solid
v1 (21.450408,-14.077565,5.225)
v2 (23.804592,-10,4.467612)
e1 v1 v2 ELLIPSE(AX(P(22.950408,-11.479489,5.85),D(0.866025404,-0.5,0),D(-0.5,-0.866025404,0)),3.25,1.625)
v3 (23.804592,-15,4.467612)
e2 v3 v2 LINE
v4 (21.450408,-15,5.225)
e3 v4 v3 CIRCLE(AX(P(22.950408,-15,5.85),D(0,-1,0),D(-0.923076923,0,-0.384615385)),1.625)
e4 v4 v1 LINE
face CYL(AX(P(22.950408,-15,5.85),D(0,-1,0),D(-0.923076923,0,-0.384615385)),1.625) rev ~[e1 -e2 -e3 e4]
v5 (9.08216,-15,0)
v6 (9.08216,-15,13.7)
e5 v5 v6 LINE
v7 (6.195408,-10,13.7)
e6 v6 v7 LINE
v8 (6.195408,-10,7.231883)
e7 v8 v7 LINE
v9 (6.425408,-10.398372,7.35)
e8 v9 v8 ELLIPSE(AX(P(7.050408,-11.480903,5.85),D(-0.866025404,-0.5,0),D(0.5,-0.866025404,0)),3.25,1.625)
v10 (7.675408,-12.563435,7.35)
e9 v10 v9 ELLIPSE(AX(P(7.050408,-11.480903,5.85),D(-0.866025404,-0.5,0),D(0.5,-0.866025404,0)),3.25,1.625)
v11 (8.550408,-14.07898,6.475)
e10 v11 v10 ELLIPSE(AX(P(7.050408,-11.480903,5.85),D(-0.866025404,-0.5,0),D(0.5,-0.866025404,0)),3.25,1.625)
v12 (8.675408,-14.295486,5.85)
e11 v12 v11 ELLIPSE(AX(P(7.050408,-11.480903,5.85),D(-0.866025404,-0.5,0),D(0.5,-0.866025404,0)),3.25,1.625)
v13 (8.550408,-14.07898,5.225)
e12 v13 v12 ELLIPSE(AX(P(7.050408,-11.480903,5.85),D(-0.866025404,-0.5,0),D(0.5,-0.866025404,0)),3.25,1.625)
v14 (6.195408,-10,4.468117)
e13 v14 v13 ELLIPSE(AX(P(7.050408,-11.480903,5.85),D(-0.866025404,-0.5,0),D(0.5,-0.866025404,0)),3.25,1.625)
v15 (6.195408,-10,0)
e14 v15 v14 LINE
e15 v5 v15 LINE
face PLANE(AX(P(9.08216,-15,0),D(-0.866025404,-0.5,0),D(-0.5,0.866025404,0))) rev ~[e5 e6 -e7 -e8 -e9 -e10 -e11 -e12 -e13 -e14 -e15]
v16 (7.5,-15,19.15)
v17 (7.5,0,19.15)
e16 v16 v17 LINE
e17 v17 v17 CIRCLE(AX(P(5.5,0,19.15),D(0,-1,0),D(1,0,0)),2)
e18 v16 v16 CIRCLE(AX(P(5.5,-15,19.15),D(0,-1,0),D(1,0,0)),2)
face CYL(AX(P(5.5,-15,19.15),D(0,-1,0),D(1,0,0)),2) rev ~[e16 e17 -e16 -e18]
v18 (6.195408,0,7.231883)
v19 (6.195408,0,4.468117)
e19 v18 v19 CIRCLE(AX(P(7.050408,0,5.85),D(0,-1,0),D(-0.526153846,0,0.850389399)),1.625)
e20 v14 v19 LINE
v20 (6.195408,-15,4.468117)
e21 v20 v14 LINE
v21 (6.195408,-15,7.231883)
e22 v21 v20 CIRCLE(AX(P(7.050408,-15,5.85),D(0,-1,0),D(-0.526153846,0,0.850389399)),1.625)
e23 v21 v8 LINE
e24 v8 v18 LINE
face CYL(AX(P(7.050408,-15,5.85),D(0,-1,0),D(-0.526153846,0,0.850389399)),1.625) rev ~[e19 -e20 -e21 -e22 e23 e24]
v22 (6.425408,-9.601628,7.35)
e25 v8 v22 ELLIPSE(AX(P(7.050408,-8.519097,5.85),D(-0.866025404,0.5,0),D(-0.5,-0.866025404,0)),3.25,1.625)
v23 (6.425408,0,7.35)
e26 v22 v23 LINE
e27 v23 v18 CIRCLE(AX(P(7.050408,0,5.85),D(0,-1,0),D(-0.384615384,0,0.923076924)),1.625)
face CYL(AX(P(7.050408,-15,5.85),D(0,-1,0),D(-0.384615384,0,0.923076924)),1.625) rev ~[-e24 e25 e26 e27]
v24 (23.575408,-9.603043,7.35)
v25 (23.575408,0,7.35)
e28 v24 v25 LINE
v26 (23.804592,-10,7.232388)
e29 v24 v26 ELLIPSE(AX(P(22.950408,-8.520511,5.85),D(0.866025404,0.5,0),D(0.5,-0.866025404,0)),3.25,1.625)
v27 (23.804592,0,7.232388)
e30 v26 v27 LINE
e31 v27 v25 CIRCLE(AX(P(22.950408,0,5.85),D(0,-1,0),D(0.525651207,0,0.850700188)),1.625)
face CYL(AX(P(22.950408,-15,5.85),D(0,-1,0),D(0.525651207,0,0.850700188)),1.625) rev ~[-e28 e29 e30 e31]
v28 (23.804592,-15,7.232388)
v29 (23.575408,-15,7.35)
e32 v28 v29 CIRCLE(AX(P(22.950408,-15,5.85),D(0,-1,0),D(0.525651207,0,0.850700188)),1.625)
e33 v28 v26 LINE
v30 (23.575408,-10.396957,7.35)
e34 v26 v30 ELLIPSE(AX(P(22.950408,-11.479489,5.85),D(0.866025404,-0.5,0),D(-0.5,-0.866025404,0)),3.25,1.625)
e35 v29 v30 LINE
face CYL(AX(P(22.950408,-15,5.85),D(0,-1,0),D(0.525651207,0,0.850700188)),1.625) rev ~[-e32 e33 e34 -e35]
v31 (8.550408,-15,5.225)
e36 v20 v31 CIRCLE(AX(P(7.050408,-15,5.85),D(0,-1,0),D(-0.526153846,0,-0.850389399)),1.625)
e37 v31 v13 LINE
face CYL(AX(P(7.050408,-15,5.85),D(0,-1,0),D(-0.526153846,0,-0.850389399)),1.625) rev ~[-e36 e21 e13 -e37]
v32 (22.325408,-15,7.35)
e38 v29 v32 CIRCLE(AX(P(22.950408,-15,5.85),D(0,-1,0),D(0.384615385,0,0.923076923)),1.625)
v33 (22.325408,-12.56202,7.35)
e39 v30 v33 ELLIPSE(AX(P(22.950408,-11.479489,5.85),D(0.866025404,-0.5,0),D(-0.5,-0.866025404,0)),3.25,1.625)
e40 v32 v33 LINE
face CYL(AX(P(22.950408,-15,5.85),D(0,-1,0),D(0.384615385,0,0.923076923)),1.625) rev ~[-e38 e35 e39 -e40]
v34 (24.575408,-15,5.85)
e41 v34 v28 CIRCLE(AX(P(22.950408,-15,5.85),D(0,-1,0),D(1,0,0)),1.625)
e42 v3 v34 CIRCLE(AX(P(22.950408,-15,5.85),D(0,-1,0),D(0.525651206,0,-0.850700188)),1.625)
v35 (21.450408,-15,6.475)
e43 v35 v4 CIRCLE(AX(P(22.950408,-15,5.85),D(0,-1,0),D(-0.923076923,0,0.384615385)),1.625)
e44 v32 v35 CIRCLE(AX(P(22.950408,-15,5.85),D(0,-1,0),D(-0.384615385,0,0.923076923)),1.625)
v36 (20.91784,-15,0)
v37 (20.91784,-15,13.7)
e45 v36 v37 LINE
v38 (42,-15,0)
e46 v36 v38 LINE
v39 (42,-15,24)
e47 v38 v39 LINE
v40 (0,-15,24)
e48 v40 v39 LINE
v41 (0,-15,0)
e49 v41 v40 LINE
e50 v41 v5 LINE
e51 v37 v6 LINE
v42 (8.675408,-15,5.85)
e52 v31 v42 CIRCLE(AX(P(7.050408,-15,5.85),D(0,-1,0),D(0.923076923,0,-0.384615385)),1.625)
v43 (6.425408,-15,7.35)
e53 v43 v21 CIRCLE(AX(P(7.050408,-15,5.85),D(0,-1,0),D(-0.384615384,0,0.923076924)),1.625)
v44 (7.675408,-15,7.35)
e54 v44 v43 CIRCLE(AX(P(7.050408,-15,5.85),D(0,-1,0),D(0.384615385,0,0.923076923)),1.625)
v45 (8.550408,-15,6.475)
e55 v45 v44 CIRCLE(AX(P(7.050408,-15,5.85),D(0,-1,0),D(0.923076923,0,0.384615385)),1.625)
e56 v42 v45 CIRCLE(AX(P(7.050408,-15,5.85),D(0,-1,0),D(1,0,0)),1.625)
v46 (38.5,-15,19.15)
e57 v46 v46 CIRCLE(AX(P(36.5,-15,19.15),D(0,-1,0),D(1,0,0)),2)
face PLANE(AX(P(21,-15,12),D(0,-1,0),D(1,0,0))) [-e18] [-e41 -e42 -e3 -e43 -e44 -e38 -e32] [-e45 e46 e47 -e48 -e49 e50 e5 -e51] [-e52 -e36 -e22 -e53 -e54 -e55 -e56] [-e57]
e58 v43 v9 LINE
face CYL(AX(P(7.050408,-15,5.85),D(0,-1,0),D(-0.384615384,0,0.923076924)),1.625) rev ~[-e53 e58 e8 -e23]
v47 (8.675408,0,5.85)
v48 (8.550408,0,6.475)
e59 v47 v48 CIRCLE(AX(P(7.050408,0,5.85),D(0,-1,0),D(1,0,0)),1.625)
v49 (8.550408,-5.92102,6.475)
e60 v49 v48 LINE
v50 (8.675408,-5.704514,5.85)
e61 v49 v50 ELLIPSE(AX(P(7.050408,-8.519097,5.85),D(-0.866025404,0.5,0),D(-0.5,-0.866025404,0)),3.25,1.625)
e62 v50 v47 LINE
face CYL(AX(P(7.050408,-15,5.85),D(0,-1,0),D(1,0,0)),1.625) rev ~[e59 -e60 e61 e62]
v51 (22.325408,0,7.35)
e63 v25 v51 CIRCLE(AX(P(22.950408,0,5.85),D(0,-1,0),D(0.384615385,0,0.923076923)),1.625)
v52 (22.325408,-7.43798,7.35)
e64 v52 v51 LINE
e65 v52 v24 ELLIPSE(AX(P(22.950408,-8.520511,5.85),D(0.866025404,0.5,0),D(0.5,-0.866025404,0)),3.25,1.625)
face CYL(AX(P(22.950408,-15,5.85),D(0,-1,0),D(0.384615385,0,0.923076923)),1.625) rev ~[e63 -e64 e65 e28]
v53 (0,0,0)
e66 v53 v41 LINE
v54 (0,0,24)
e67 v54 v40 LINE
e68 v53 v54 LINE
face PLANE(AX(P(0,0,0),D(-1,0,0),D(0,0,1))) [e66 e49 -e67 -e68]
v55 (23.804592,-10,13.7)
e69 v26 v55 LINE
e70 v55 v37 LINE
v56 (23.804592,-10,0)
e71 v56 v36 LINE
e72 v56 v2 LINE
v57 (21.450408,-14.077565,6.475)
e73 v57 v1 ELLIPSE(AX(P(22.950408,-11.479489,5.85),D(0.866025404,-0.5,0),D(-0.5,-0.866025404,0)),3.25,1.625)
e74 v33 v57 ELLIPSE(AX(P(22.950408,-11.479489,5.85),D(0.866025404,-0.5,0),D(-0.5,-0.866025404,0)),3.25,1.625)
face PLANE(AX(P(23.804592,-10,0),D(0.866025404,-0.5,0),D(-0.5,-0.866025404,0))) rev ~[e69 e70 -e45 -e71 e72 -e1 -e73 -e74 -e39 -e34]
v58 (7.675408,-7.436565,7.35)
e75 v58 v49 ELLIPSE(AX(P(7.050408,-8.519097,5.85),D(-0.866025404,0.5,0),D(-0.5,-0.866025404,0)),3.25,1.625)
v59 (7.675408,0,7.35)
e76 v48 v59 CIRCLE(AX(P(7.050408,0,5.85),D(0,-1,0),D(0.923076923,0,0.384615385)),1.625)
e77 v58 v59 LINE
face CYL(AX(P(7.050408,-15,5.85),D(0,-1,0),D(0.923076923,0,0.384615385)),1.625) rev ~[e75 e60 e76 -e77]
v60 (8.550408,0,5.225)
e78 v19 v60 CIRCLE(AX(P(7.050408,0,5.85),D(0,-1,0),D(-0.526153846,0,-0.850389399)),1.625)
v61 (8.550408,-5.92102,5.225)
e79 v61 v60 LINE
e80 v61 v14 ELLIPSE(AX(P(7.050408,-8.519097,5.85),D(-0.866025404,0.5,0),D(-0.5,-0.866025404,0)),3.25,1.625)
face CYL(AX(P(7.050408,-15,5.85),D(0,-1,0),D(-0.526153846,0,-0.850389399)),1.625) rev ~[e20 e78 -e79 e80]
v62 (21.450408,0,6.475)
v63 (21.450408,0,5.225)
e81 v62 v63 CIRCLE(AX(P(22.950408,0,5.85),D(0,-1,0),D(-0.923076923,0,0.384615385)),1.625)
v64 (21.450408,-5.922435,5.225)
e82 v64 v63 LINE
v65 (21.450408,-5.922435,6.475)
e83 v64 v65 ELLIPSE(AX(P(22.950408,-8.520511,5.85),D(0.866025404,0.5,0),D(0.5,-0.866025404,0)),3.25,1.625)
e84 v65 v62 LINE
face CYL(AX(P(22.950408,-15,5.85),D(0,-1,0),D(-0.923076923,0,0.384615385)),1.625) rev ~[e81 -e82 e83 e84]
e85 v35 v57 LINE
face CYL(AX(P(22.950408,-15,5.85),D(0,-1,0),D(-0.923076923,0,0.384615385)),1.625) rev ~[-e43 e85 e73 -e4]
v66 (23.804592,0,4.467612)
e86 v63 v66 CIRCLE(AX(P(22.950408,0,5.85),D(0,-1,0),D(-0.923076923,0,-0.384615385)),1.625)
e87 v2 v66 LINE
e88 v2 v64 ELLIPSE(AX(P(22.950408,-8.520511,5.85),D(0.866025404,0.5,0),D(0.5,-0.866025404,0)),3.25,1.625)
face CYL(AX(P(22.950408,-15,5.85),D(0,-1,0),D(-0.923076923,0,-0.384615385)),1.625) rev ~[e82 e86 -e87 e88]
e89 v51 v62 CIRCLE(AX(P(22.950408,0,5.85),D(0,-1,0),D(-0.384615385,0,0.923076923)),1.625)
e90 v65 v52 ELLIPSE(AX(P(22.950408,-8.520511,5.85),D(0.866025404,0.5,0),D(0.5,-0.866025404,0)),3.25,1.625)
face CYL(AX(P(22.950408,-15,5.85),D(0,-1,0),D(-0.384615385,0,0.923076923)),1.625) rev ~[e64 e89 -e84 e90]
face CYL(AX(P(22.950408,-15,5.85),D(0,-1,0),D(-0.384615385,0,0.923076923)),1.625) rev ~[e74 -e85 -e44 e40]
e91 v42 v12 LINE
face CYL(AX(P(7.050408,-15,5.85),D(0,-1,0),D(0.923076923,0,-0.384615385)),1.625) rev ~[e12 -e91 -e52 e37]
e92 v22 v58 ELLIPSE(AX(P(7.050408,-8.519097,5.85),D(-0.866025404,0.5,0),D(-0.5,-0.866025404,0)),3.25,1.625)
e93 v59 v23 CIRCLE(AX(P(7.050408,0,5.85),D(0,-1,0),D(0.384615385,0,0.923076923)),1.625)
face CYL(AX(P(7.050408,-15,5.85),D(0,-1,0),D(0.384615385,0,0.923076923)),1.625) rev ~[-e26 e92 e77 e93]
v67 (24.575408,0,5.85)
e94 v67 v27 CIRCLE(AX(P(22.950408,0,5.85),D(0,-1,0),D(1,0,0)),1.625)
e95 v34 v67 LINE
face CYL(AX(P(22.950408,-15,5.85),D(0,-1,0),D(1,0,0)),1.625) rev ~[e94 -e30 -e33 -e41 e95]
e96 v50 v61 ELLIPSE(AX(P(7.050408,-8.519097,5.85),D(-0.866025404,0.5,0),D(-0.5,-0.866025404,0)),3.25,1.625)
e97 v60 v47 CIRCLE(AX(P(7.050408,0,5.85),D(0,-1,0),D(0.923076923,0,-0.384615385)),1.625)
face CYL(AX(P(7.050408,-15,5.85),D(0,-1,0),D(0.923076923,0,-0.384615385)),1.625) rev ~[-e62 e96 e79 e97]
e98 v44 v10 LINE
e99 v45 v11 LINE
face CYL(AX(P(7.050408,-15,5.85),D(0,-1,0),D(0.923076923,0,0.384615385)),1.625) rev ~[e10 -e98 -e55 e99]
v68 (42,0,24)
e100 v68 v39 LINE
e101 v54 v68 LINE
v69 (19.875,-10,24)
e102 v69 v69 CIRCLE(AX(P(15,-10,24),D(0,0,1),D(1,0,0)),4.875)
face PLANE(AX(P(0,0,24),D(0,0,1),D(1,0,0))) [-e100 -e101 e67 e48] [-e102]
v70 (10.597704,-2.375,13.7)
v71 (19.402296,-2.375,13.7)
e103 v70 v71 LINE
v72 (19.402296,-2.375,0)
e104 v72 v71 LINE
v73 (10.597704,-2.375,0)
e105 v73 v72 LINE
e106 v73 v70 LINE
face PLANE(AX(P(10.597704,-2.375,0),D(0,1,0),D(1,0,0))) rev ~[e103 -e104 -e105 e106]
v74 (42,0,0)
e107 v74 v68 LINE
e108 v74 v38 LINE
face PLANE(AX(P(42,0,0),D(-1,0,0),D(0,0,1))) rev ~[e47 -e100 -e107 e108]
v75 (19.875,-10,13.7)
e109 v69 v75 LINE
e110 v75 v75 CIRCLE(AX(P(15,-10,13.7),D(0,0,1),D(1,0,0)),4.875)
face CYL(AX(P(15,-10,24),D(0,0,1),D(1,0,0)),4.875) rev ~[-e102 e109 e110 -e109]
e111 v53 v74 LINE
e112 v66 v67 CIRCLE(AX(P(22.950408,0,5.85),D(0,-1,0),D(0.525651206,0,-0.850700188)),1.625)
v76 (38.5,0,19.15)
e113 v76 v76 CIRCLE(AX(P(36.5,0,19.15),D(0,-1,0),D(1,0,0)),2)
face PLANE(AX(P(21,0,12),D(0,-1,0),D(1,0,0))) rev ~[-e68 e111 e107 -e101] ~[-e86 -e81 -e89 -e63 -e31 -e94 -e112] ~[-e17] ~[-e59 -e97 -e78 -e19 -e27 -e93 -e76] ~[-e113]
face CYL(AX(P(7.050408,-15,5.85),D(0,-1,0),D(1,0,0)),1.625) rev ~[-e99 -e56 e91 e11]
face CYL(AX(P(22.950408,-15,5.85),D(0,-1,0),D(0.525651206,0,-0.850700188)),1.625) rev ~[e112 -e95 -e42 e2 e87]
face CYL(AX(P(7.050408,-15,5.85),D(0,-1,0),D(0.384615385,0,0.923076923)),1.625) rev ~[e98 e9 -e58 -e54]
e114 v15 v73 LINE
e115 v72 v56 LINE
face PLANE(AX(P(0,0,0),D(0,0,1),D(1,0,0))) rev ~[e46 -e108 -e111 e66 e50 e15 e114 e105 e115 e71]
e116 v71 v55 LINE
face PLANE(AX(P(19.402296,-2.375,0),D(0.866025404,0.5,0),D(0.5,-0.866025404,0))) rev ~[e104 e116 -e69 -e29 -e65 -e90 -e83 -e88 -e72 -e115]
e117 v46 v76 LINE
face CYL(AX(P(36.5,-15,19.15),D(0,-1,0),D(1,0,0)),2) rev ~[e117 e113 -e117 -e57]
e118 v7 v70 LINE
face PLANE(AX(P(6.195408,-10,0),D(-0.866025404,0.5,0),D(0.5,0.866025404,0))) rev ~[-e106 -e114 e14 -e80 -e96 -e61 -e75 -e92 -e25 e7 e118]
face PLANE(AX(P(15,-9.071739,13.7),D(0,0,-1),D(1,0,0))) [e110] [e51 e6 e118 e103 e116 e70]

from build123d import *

# Parameters (mm, degrees)
F0_W     = 42
F0_H     = 24
F1_DEPTH = 15
F2_R     = 2
F3_DEPTH = 25
F4_R     = 4.875
F5_DEPTH = 10.3
F6_R     = 4.875
F7_DEPTH = 13.7
F9_DEPTH = 25


with BuildPart() as f1:
    # F0 (on Front) → F1 (new body)
    with BuildSketch(Plane.XZ):
        with Locations((21, 12)):
            Rectangle(F0_W, F0_H)
    extrude(amount=F1_DEPTH)

    # F2 (on face) → F3 (cut)
    with BuildSketch(Plane.XZ.offset(15)):
        with Locations((5.5, 19.15)):
            Circle(F2_R)
        with Locations((36.5, 19.15)):
            Circle(F2_R)
    extrude(amount=-F3_DEPTH, mode=Mode.SUBTRACT)

    # F4 (on face) → F5 (cut)
    with BuildSketch(Plane.XY.offset(24)):
        with Locations((15, -10)):
            Circle(F4_R)
    extrude(amount=-F5_DEPTH, mode=Mode.SUBTRACT)

    # F6 (on face) → F7 (cut, through all)
    with BuildSketch(Plane(origin=(0, 0, 0), x_dir=(1, 0, 0), z_dir=(0, 0, -1))):
        Polygon((20.9178402592, 15), (9.0821597408, 15), (6.1954083949, 10), (10.5977041974, 2.375), (19.4022958026, 2.375), (23.8045916051, 10), align=None)
        with Locations((15, 10)):
            Circle(F6_R, mode=Mode.SUBTRACT)
        with Locations((15, 10)):
            Circle(F6_R)
    extrude(amount=-F7_DEPTH, mode=Mode.SUBTRACT)

    # F8 (on face) → F9 (cut)
    with BuildSketch(Plane.XZ.offset(15)):
        with BuildLine():
            ThreePointArc((6.1954083949, 7.2318827736), (5.4254083949, 5.85), (6.1954083949, 4.4681172264))
            Line((6.1954083949, 4.4681172264), (6.1954083949, 7.2318827736))
        make_face()
        with BuildLine():
            ThreePointArc((8.5504083949, 6.475), (8.1994569143, 6.9990485194), (7.6754083949, 7.35))
            Line((7.6754083949, 7.35), (6.4254083949, 7.35))
            ThreePointArc((6.4254083949, 7.35), (6.3080554331, 7.2955231165), (6.1954083949, 7.2318827736))
            Line((6.1954083949, 7.2318827736), (6.1954083949, 4.4681172264))
            ThreePointArc((6.1954083949, 4.4681172264), (7.5476247796, 4.3029379887), (8.5504083949, 5.225))
            Line((8.5504083949, 5.225), (8.5504083949, 6.475))
        make_face()
        with BuildLine():
            Line((6.4254083949, 7.35), (7.6754083949, 7.35))
            ThreePointArc((7.6754083949, 7.35), (7.0504083949, 7.475), (6.4254083949, 7.35))
        make_face()
        with BuildLine():
            ThreePointArc((8.6754083949, 5.85), (8.6438519929, 6.1686887196), (8.5504083949, 6.475))
            Line((8.5504083949, 6.475), (8.5504083949, 5.225))
            ThreePointArc((8.5504083949, 5.225), (8.6438519929, 5.5313112804), (8.6754083949, 5.85))
        make_face()
        with BuildLine():
            ThreePointArc((21.4504083949, 6.475), (21.3254083949, 5.85), (21.4504083949, 5.225))
            Line((21.4504083949, 5.225), (21.4504083949, 6.475))
        make_face()
        with BuildLine():
            Line((22.3254083949, 7.35), (23.5754083949, 7.35))
            ThreePointArc((23.5754083949, 7.35), (22.9504083949, 7.475), (22.3254083949, 7.35))
        make_face()
        with BuildLine():
            ThreePointArc((24.5754083949, 5.85), (24.3696815745, 6.6413840039), (23.8045916051, 7.2323878049))
            Line((23.8045916051, 7.2323878049), (23.8045916051, 4.4676121951))
            ThreePointArc((23.8045916051, 4.4676121951), (24.3696815745, 5.0586159961), (24.5754083949, 5.85))
        make_face()
        with BuildLine():
            Line((23.8045916051, 4.4676121951), (23.8045916051, 7.2323878049))
            ThreePointArc((23.8045916051, 7.2323878049), (23.6923341994, 7.2957424046), (23.5754083949, 7.35))
            Line((23.5754083949, 7.35), (22.3254083949, 7.35))
            ThreePointArc((22.3254083949, 7.35), (21.8013598754, 6.9990485194), (21.4504083949, 6.475))
            Line((21.4504083949, 6.475), (21.4504083949, 5.225))
            ThreePointArc((21.4504083949, 5.225), (22.4527349043, 4.3030849743), (23.8045916051, 4.4676121951))
        make_face()
    extrude(amount=-F9_DEPTH, mode=Mode.SUBTRACT)


solid = f1.part
